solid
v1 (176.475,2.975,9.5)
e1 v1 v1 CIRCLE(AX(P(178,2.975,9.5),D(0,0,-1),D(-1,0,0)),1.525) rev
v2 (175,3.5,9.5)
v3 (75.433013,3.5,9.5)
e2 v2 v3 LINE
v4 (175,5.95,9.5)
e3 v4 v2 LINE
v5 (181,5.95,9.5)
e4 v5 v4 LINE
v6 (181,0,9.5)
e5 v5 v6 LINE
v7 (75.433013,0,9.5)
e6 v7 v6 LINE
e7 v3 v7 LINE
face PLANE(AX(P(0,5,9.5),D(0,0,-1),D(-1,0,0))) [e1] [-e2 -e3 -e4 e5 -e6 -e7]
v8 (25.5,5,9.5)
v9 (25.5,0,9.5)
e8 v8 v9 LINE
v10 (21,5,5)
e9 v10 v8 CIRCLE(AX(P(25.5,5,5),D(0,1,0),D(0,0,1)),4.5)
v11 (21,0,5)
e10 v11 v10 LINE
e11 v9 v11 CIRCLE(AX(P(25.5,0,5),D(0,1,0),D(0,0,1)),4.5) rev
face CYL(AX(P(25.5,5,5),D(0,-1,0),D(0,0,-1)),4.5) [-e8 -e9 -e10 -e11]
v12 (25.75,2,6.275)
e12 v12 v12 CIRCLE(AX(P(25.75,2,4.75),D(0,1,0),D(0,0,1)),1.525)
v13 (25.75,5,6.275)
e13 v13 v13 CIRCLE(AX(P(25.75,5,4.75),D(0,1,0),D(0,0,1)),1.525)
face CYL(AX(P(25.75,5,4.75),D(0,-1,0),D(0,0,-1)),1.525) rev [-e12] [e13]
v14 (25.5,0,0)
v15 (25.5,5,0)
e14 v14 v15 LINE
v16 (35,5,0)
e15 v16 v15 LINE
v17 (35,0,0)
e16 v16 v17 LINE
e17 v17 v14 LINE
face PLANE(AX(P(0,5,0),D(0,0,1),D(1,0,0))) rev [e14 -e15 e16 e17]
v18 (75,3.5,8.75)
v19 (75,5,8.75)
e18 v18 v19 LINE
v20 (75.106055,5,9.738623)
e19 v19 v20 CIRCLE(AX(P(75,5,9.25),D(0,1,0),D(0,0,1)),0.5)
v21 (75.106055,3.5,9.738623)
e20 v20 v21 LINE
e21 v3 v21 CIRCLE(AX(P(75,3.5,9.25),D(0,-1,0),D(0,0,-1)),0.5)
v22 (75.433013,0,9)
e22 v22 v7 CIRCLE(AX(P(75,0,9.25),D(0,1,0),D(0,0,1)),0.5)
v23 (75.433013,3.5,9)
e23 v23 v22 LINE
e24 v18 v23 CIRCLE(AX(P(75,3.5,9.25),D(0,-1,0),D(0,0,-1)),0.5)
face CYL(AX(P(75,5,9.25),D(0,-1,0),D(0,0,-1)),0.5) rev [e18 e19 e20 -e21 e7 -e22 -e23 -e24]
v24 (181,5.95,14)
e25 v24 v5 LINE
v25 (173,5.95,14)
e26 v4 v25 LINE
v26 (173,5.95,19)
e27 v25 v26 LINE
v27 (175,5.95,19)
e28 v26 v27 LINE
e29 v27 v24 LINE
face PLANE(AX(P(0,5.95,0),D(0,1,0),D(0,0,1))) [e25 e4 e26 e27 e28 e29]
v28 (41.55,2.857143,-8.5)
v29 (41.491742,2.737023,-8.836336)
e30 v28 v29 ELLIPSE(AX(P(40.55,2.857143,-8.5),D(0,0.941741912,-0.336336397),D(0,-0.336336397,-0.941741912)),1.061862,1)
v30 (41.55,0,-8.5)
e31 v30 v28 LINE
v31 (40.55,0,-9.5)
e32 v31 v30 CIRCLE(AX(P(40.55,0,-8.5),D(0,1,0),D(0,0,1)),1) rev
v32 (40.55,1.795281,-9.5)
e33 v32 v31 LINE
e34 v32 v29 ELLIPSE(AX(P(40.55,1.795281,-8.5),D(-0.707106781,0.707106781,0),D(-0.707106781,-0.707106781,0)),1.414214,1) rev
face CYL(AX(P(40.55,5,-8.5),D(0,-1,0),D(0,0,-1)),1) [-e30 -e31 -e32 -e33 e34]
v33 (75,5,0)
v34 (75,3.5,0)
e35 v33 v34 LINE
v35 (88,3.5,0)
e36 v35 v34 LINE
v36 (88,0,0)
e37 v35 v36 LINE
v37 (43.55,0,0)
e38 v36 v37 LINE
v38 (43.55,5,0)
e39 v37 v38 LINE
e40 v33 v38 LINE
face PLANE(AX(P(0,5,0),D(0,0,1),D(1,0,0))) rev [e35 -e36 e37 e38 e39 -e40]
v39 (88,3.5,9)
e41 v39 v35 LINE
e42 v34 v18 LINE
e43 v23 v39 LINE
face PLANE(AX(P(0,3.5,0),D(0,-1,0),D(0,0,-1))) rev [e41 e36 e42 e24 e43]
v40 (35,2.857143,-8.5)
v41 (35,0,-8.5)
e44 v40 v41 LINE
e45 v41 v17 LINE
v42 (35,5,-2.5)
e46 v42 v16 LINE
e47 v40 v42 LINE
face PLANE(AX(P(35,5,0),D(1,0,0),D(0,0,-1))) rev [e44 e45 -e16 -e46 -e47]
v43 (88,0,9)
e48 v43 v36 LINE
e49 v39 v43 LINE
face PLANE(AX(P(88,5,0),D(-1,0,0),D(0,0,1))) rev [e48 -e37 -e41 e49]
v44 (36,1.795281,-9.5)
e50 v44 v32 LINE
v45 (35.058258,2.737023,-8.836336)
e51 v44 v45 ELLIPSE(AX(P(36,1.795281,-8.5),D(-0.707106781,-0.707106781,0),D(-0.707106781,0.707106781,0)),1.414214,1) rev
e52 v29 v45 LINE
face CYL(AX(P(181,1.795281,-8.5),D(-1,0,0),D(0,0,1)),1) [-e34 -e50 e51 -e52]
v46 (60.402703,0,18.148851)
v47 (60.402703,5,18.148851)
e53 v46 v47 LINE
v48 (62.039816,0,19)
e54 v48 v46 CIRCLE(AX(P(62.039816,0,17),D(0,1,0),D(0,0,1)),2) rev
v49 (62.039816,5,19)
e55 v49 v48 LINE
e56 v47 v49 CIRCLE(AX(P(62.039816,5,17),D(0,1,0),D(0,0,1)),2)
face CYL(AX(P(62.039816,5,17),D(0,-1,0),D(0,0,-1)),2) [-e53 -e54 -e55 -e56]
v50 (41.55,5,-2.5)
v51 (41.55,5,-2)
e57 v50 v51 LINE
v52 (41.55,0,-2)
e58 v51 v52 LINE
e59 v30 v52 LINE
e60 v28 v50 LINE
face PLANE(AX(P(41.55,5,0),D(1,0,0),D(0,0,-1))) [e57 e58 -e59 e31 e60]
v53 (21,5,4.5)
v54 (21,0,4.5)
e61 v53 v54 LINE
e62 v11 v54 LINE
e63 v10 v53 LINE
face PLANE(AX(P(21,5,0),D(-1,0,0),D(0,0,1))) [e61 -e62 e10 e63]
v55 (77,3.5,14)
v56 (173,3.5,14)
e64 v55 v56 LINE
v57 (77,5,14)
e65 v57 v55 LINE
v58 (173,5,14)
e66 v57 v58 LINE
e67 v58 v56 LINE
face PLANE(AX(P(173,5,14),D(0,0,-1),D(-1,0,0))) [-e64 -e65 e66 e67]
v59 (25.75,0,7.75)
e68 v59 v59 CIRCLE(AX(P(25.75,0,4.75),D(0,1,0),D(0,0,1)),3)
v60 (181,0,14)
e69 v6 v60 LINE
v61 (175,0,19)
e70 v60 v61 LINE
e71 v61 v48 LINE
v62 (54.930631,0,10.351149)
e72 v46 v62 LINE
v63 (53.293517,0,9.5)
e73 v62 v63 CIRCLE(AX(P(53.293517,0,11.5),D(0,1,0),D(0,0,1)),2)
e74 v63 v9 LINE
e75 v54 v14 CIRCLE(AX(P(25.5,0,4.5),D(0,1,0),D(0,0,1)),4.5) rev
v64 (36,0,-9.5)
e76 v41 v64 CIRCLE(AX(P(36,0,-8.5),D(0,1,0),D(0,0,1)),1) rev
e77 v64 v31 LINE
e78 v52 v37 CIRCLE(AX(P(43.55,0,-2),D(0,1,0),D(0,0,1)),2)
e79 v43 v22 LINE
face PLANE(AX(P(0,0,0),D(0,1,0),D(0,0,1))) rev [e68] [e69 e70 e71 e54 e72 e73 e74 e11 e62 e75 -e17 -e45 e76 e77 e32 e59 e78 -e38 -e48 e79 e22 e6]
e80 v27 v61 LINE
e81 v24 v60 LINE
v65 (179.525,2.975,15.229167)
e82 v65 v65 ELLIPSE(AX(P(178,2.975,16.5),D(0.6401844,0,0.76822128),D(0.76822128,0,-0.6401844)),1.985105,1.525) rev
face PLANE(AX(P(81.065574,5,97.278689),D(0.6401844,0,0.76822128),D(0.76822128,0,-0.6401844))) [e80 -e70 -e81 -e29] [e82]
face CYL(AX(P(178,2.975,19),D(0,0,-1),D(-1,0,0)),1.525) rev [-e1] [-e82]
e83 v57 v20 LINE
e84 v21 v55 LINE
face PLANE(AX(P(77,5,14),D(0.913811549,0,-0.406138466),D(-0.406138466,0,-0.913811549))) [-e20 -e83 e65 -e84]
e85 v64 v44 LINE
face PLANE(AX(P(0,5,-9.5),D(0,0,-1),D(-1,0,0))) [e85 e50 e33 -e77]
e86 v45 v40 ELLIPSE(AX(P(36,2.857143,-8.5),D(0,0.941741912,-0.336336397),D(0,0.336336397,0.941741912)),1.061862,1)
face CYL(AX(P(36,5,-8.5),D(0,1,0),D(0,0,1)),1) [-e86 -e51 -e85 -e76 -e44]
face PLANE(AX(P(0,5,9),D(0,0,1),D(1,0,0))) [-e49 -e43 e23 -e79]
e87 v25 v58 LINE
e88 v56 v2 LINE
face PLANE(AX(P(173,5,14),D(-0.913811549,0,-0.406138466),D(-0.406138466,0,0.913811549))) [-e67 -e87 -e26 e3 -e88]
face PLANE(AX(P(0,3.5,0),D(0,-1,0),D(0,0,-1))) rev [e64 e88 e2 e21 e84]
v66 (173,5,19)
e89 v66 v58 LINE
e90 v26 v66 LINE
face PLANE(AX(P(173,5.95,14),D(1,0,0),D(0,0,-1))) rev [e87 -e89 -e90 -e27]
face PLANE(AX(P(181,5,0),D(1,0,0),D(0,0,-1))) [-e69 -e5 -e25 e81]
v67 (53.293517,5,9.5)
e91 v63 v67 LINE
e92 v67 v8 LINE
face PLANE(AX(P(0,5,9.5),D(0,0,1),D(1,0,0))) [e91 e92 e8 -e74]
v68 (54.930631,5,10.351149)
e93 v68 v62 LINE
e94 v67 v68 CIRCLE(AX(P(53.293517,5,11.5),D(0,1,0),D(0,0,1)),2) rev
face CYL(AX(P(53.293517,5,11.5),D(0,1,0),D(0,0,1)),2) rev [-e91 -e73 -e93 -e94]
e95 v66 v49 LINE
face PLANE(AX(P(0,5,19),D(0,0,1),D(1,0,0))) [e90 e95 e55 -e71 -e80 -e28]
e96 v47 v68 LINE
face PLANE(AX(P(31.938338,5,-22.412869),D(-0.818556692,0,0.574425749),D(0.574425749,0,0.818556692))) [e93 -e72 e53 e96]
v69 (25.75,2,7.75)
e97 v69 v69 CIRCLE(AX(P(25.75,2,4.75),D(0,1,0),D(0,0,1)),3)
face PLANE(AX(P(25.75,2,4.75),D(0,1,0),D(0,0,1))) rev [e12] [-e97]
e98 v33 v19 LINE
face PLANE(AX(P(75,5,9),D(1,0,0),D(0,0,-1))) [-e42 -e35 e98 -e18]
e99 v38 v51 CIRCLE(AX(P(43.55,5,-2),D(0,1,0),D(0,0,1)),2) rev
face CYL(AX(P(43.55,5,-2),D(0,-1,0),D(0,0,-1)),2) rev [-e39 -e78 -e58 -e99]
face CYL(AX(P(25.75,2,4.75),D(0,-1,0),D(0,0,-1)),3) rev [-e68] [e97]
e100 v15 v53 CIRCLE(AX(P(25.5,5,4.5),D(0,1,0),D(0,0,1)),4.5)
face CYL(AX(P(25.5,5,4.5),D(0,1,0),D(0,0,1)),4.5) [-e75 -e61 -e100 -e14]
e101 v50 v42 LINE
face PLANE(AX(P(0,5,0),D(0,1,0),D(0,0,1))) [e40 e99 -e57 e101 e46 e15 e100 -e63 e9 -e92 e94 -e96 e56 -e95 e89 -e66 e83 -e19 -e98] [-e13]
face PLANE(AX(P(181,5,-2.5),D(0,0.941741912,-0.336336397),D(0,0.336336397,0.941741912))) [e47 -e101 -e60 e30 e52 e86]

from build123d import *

# Parameters (mm, degrees)
SKETCH_1_R          = 1.525
EXTRUDE_1_DEPTH     = 5
CUT_EXTRUDE_START   = 3.5
CUT_EXTRUDE_1_DEPTH = 179.563175848
SKETCH_3_R          = 3
CUT_EXTRUDE_2_DEPTH = 2
EXTRUDE_2_DEPTH     = 5.95
SKETCH_7_R          = 1.525
CUT_EXTRUDE_3_DEPTH = 183.091741987
FILLET_4_R          = 4.5
CUT_EXTRUDE_4_DEPTH = 183.091741987
FILLET_5_R          = 2
FILLET_6_R          = 1


with BuildPart() as part:
    # 草图1 → 凸台-拉伸1 (new body)
    with BuildSketch(Plane(origin=(0, 0, 0), x_dir=(1, 0, 0), z_dir=(0, 1, 0))):
        with BuildLine():
            Line((21, 0), (21, -9.5))
            Line((21, -9.5), (54.333333333, -9.5))
            Line((54.333333333, -9.5), (61, -19))
            Line((61, -19), (65, -19))
            Line((65, -19), (175, -19))
            Line((175, -19), (181, -14))
            Line((181, -14), (181, -9.5))
            Line((181, -9.5), (75.433012702, -9.5))
            ThreePointArc((75.433012702, -9.5), (74.5, -9.25), (75.433012702, -9))
            Line((75.433012702, -9), (88, -9))
            Line((88, -9), (88, 0))
            Line((88, 0), (41.55, 0))
            Line((41.55, 0), (41.55, 9.5))
            Line((41.55, 9.5), (35, 9.5))
            Line((35, 9.5), (35, 0))
            Line((35, 0), (21, 0))
        make_face()
        with Locations(Location((25.75, -4.75, 0), (0, 0, 270))):
            Circle(SKETCH_1_R, mode=Mode.SUBTRACT)
    extrude(amount=EXTRUDE_1_DEPTH)

    # 草图2 → 切除-拉伸1 (cut, through all)
    with BuildSketch(Plane(origin=(0, 0, 0), x_dir=(1, 0, 0), z_dir=(0, 1, 0)).offset(CUT_EXTRUDE_START)):
        Polygon((75, -9), (75, 0), (88, 0), (88, -9), (75.433012702, -9), align=None)
        Polygon((75.433012702, -9.5), (175, -9.5), (173, -14), (77, -14), (75, -9.5), align=None)
    extrude(amount=CUT_EXTRUDE_1_DEPTH, mode=Mode.SUBTRACT)

    # 草图3 → 切除-拉伸2 (cut)
    with BuildSketch(Plane(origin=(0, 0, 0), x_dir=(1, 0, 0), z_dir=(0, 1, 0))):
        with Locations(Location((25.75, -4.75, 0), (0, 0, 270))):
            Circle(SKETCH_3_R)
    extrude(amount=CUT_EXTRUDE_2_DEPTH, mode=Mode.SUBTRACT)

    # 草图6 → 凸台-拉伸2 (add)
    with BuildSketch(Plane(origin=(0, 0, 0), x_dir=(1, 0, 0), z_dir=(0, 1, 0))):
        Polygon((173, -14), (173, -19), (175, -19), (181, -14), (181, -9.5), (175, -9.5), align=None)
    extrude(amount=EXTRUDE_2_DEPTH)

    # 草图7 → 切除-拉伸3 (cut, through all)
    with BuildSketch(Plane.XY):
        with Locations(Location((178, 2.975, 0), (0, 0, 180))):
            Circle(SKETCH_7_R)
    extrude(amount=CUT_EXTRUDE_3_DEPTH, mode=Mode.SUBTRACT)

    # 圆角4
    fillet_4_edges = [part.edges().sort_by_distance(p)[0] for p in [
        (21, 2.5, 9.5),
        (21, 2.5, 0),
    ]]
    fillet(fillet_4_edges, radius=FILLET_4_R)

    # 草图8 → 切除-拉伸4 (cut, through all)
    with BuildSketch(Plane(origin=(0, 0, 0), x_dir=(0, 0, -1), z_dir=(1, 0, 0))):
        Polygon((2.5, 5), (9.5, 2.5), (9.5, 5), align=None)
    extrude(amount=CUT_EXTRUDE_4_DEPTH, mode=Mode.SUBTRACT)

    # 圆角5
    fillet_5_edges = [part.edges().sort_by_distance(p)[0] for p in [
        (61, 2.5, 19),
        (54.333333333, 2.5, 9.5),
        (41.55, 2.5, 0),
    ]]
    fillet(fillet_5_edges, radius=FILLET_5_R)

    # 圆角6
    fillet_6_edges = [part.edges().sort_by_distance(p)[0] for p in [
        (35, 1.25, -9.5),
        (41.55, 1.25, -9.5),
        (38.275, 2.5, -9.5),
    ]]
    fillet(fillet_6_edges, radius=FILLET_6_R)


solid = part.part
